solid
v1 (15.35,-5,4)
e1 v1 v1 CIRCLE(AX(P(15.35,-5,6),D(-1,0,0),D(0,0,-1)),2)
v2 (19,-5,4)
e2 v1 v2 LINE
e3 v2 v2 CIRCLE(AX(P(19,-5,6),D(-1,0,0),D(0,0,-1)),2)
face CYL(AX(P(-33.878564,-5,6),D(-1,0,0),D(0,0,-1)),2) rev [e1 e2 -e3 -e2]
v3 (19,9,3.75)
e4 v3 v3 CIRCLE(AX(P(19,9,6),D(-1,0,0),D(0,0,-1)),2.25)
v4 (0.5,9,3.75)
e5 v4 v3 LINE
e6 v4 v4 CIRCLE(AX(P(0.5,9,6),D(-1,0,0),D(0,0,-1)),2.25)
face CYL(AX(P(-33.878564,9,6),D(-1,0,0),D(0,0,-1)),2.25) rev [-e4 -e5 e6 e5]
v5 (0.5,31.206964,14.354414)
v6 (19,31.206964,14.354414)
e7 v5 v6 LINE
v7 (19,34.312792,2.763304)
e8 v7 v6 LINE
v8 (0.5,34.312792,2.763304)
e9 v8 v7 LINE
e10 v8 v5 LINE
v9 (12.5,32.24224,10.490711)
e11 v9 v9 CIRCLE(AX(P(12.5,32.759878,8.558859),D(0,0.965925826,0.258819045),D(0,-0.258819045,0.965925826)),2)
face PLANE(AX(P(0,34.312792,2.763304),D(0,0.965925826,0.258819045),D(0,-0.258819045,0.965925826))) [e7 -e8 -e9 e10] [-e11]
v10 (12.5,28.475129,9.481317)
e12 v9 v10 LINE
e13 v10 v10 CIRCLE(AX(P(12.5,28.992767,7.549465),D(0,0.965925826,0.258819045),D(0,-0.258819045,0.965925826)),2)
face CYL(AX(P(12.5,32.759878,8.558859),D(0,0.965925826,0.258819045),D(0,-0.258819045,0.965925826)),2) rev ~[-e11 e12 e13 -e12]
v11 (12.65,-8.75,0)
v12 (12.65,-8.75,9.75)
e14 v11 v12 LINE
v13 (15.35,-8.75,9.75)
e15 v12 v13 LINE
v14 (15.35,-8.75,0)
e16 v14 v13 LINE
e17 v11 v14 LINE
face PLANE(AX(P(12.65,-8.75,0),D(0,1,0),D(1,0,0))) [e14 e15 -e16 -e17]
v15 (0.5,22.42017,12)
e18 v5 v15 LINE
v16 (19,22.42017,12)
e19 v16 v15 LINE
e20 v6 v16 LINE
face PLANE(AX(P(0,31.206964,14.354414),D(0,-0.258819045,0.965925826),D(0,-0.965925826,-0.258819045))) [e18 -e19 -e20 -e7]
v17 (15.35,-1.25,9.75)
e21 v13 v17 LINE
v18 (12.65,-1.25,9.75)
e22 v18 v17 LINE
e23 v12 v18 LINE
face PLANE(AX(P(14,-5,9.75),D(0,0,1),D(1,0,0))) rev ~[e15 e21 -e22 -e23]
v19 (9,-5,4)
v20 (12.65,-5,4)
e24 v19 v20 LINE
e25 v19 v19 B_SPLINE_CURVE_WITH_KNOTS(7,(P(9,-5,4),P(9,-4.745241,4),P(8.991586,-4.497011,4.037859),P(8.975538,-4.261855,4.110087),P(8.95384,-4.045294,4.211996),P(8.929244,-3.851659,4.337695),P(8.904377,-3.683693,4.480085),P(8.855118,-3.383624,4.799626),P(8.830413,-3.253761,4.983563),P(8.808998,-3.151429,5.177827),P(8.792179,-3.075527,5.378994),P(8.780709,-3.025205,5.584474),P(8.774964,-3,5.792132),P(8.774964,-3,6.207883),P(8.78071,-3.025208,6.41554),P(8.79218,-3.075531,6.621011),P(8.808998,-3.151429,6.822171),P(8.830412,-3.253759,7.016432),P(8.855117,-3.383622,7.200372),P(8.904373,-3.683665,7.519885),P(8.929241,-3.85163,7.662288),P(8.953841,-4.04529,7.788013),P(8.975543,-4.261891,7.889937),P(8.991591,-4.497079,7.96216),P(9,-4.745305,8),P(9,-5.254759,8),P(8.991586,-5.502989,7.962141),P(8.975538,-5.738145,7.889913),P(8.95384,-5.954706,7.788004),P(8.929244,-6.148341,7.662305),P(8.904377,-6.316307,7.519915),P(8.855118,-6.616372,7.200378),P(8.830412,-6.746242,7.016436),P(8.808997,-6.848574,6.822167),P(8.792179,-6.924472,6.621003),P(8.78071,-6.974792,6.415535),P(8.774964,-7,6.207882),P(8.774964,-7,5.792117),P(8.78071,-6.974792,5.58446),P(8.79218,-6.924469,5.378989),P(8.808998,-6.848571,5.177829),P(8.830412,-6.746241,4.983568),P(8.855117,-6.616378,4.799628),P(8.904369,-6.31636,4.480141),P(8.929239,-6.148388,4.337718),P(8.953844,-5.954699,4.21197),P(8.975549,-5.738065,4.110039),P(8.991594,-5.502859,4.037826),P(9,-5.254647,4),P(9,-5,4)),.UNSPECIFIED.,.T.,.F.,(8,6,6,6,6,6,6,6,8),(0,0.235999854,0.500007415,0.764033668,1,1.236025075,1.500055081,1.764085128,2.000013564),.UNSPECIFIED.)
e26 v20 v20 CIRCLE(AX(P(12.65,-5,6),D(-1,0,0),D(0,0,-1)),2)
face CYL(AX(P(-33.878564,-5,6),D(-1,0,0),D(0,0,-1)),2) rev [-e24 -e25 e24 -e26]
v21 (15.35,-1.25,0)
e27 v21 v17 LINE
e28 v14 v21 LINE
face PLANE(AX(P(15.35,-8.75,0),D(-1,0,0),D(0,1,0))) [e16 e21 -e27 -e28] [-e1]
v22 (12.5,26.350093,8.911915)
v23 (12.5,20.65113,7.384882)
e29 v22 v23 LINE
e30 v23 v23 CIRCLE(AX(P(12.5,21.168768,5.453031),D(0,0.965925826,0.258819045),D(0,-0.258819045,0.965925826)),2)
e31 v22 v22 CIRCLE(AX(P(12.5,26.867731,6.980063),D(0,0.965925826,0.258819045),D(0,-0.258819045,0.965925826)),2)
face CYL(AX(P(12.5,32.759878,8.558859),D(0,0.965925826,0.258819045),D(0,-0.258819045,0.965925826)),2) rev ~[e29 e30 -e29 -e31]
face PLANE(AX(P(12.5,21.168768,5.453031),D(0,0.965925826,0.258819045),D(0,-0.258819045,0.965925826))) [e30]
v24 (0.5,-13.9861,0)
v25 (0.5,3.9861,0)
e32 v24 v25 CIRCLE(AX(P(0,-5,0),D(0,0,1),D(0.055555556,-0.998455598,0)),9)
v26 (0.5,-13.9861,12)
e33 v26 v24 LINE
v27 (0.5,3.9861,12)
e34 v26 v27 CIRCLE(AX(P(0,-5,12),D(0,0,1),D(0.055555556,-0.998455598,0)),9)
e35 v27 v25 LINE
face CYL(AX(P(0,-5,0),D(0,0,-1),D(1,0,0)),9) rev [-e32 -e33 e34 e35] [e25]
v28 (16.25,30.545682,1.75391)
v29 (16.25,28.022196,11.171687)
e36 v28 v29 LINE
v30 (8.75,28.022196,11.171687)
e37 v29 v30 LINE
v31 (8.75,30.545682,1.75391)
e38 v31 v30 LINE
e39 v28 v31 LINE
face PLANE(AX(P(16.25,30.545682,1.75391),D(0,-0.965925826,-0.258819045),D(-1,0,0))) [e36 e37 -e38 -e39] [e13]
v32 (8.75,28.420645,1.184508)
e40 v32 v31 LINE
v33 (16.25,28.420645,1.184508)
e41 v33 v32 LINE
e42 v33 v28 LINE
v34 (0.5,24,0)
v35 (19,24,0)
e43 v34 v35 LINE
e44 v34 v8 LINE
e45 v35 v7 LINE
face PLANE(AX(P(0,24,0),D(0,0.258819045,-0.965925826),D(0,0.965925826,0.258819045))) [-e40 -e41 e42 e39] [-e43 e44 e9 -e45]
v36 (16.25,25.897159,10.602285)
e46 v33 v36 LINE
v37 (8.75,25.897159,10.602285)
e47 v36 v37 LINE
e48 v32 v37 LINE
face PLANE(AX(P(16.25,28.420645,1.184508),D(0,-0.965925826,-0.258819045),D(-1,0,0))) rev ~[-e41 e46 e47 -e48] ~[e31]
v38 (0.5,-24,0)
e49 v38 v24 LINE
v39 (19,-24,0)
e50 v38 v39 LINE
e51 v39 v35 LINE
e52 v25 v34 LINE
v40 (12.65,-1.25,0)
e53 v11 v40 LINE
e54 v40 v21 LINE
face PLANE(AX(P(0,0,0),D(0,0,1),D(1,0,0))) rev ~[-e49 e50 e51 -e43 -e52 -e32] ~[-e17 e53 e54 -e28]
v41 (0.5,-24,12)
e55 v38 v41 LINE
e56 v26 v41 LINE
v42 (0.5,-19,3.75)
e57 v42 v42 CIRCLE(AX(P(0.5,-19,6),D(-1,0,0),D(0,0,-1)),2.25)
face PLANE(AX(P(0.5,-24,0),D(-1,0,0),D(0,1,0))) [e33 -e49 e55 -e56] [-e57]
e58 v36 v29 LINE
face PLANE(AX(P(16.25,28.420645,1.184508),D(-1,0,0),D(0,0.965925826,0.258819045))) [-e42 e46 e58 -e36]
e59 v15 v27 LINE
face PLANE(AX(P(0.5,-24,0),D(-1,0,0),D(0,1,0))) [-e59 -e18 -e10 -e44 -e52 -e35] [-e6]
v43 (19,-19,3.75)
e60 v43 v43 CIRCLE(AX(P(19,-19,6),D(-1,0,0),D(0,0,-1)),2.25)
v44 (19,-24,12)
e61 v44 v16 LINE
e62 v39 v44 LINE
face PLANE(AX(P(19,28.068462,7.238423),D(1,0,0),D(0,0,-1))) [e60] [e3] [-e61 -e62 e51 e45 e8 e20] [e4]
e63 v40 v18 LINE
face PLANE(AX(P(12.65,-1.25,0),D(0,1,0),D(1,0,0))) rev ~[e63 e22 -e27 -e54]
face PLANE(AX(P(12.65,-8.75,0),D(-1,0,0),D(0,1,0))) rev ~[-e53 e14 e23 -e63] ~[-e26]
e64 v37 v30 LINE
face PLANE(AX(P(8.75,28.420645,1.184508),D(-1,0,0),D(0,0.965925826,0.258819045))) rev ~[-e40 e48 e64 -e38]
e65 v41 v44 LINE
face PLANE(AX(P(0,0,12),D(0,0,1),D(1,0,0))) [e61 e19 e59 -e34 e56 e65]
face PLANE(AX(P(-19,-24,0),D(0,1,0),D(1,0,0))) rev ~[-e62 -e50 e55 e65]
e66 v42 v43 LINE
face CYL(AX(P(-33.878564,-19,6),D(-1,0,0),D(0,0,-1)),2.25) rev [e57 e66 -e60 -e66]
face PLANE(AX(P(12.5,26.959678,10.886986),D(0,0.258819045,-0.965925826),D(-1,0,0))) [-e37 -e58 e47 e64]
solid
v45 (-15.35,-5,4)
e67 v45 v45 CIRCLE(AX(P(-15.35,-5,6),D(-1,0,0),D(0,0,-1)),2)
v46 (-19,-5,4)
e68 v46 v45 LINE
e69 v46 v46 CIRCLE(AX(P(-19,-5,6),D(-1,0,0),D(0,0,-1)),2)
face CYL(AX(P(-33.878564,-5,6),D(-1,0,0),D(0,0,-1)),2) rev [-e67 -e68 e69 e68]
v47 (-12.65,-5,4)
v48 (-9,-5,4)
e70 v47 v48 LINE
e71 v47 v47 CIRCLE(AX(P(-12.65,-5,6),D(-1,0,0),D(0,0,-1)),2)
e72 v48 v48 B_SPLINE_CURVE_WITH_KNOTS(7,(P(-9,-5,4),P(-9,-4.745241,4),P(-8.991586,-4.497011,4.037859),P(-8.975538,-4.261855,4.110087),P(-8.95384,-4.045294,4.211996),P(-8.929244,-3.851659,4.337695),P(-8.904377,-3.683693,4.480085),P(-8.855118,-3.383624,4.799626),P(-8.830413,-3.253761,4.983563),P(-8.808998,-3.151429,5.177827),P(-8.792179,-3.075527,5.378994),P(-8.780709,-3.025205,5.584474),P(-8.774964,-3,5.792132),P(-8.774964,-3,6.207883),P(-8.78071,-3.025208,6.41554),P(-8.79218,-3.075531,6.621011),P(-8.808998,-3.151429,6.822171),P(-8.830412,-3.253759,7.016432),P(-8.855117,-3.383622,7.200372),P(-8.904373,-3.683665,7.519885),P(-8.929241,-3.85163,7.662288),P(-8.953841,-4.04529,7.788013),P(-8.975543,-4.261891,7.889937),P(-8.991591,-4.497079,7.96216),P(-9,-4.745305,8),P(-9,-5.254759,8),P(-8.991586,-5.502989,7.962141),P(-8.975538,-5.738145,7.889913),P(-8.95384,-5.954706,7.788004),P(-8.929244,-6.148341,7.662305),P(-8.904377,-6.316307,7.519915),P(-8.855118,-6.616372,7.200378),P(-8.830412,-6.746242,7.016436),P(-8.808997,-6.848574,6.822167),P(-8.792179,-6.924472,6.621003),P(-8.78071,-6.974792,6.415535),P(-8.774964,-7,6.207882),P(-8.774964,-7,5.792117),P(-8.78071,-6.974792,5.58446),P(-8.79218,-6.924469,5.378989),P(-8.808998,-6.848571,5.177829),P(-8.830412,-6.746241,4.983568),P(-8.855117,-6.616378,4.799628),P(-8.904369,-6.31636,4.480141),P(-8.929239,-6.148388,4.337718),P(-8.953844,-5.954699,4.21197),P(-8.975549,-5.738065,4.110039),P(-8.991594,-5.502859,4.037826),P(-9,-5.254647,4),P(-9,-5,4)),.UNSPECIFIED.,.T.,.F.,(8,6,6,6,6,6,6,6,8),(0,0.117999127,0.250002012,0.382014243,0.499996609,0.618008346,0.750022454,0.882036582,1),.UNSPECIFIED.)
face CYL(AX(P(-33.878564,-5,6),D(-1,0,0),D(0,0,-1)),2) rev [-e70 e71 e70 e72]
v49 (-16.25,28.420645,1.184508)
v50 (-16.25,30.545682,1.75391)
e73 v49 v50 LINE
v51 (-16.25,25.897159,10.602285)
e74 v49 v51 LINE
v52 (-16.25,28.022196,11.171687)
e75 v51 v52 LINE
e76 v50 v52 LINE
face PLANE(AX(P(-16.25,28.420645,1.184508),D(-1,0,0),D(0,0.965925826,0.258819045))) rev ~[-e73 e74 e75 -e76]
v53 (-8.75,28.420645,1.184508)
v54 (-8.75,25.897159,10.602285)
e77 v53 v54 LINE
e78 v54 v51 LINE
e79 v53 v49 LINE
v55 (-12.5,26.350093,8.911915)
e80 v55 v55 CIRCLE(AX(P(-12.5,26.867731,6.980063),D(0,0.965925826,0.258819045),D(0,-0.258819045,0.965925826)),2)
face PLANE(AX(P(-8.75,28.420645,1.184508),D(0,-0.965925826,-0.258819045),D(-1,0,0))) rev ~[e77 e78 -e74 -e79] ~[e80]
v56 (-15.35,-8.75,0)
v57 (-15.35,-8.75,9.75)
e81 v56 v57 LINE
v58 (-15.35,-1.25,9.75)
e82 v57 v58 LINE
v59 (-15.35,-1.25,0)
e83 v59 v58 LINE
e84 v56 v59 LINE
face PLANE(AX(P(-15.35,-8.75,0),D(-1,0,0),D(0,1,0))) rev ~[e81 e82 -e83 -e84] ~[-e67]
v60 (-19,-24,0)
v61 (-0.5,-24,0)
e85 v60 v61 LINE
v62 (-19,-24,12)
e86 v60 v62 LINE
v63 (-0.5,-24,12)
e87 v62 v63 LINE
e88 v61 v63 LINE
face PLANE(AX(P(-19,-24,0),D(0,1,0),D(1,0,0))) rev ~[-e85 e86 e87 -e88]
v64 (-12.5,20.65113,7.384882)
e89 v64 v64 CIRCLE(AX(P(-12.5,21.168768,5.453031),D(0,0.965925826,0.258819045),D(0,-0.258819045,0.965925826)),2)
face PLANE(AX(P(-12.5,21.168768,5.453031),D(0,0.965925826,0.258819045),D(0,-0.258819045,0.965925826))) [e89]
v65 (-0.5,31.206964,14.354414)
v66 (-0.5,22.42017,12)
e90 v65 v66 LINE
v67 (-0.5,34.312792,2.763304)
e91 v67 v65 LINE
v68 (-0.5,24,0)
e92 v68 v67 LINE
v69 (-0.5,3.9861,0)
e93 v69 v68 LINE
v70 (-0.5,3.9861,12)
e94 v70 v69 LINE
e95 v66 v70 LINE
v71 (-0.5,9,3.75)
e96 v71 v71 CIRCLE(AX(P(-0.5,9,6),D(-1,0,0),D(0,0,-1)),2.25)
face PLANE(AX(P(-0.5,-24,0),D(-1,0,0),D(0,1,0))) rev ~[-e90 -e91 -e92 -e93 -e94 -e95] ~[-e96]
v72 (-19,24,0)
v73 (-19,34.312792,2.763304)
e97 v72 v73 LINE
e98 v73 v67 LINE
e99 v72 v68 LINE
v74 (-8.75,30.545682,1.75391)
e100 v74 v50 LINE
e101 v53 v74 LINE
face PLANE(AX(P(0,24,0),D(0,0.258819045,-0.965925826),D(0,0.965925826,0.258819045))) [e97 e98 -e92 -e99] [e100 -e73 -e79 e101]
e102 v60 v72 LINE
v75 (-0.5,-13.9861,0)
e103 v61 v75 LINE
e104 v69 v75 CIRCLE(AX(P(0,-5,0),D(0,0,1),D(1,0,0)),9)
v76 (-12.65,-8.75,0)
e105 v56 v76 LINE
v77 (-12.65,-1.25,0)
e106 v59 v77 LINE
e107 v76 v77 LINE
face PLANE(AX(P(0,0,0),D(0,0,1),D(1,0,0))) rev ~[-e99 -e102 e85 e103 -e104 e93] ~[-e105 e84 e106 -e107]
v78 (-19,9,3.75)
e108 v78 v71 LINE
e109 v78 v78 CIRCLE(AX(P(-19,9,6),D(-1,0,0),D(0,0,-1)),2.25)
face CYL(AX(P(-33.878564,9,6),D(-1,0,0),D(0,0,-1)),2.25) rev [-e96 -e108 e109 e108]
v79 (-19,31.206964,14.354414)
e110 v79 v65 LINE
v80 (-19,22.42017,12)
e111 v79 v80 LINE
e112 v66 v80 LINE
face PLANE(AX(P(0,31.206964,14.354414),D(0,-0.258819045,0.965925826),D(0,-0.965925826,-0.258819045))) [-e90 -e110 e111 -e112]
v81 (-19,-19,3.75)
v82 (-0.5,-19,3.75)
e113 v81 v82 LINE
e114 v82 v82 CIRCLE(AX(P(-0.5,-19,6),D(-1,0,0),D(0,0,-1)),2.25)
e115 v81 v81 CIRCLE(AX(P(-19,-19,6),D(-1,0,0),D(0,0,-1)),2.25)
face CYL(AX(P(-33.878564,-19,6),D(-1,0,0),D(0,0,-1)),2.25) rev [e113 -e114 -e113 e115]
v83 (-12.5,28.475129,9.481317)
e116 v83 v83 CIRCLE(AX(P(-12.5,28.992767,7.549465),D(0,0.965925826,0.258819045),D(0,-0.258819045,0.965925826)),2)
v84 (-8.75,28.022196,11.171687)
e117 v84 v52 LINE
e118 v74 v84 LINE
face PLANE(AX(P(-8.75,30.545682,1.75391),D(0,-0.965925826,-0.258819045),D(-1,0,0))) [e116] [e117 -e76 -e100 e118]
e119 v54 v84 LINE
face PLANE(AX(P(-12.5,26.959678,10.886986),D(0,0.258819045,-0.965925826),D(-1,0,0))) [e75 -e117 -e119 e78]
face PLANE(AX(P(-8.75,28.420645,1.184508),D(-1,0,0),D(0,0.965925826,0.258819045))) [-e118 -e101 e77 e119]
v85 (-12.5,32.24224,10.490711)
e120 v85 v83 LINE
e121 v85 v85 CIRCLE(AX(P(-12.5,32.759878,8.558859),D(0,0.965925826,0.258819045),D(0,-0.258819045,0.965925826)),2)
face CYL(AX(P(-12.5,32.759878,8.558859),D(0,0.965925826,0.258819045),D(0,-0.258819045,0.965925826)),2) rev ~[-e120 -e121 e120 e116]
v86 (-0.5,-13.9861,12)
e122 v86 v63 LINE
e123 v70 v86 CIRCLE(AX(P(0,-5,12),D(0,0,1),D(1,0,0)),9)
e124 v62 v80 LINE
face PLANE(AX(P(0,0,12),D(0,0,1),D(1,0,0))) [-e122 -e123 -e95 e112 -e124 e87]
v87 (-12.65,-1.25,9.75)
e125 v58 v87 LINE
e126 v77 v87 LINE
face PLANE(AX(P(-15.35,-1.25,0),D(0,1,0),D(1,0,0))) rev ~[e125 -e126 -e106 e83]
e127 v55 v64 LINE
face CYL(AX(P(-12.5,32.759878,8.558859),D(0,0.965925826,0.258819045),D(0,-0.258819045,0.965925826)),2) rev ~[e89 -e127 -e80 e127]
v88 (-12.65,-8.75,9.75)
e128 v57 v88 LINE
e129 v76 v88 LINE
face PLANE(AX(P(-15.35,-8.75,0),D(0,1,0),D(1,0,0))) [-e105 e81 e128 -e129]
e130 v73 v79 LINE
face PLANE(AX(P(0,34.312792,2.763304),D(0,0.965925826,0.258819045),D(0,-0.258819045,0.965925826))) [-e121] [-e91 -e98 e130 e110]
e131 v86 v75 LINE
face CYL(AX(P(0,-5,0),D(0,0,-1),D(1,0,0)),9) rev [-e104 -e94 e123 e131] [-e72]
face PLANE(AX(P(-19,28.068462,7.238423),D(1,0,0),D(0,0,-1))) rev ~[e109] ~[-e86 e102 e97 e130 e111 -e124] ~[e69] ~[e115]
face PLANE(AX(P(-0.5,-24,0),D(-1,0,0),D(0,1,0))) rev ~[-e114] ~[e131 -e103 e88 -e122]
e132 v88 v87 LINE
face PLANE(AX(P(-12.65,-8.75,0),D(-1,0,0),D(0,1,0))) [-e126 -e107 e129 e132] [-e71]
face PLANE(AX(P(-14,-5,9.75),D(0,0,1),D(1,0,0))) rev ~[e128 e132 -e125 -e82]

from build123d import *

# Parameters (mm, degrees)
SKETCH1_W               = 38
SKETCH1_H               = 48
SKETCH1_R               = 9
BOSS_EXTRUDE1_DEPTH     = 12
CUT_EXTRUDE1_DEPTH      = 33.878564446
CUT_EXTRUDE1_DEPTH_BACK = 33.878564446
SKETCH2_R               = 2.25
SKETCH2_R_2             = 2
SKETCH5_W               = 2.7
SKETCH5_H               = 7.5
CUT_EXTRUDE4_DEPTH      = 9.75
BOSS_EXTRUDE2_DEPTH     = 19
SKETCH4_W               = 1
SKETCH4_H               = 58.312792412
CUT_EXTRUDE3_DEPTH      = 42.766217609
SKETCH7_R               = 2
CUT_EXTRUDE5_DEPTH      = 12
SKETCH8_W               = 7.5
SKETCH8_H               = 2.2
CUT_EXTRUDE6_DEPTH      = 9.75


with BuildPart() as part:
    # Sketch1 → Boss-Extrude1 (new body)
    with BuildSketch(Plane.XY):
        Rectangle(SKETCH1_W, SKETCH1_H)
        with Locations((0, -5)):
            Circle(SKETCH1_R, mode=Mode.SUBTRACT)
    extrude(amount=BOSS_EXTRUDE1_DEPTH)

    # Sketch2 → Cut-Extrude1 (cut, two sides: drawn at the far end of the back side and taken through both)
    with BuildSketch(Plane(origin=(0, 0, 0), x_dir=(0, 0, -1), z_dir=(1, 0, 0)).offset(-CUT_EXTRUDE1_DEPTH_BACK)):
        with Locations((-6, -19)):
            Circle(SKETCH2_R)
        with Locations((-6, -5)):
            Circle(SKETCH2_R_2)
        with Locations((-6, 9)):
            Circle(SKETCH2_R)
    extrude(amount=CUT_EXTRUDE1_DEPTH + CUT_EXTRUDE1_DEPTH_BACK, mode=Mode.SUBTRACT)

    # Sketch5 → Cut-Extrude4 (cut)
    with BuildSketch(Plane.XY):
        with Locations((14, -5)):
            Rectangle(SKETCH5_W, SKETCH5_H)
        with Locations((-14, -5)):
            Rectangle(SKETCH5_W, SKETCH5_H)
    extrude(amount=CUT_EXTRUDE4_DEPTH, mode=Mode.SUBTRACT)

    # Sketch6 → Boss-Extrude2 (add, symmetric)
    with BuildSketch(Plane(origin=(0, 0, 0), x_dir=(0, 0, -1), z_dir=(1, 0, 0))):
        Polygon((0, 24), (-2.763304398, 34.312792412), (-14.354414314, 31.20696387), (-12, 22.420170029), (-12, 24), align=None)
    extrude(amount=BOSS_EXTRUDE2_DEPTH, both=True)

    # Sketch4 → Cut-Extrude3 (cut, through all)
    with BuildSketch(Plane.XY):
        with Locations((0, 5.156396206)):
            Rectangle(SKETCH4_W, SKETCH4_H)
    extrude(amount=CUT_EXTRUDE3_DEPTH, mode=Mode.SUBTRACT)


with BuildPart() as cut_extrude3_piece_1:
    # of the separate pieces the step leaves, piece 1, a body of its own (cut_extrude3_pieces)
    add(part.part.solids().sort_by_distance((-19, -24, 0))[0])


with BuildPart() as cut_extrude3_piece_2:
    # of the separate pieces the step leaves, piece 2, a body of its own (cut_extrude3_pieces)
    add(part.part.solids().sort_by_distance((19, -24, 0))[0])


with BuildPart() as cut_extrude5_tool:
    # Sketch7 → Cut-Extrude5 (new body)
    with BuildSketch(Plane(origin=(0, 32.705097257, 8.763304398), x_dir=(1, 0, 0), z_dir=(0, 0.9659258262890681, 0.2588190451025213))):
        with Locations(Location((-12.5, 0.211657082, 0), (0, 0, 270))):
            Circle(SKETCH7_R)
        with Locations(Location((12.5, 0.211657082, 0), (0, 0, 270))):
            Circle(SKETCH7_R)
    extrude(amount=-CUT_EXTRUDE5_DEPTH)


with BuildPart() as cut_extrude3_piece_1_1:
    add(cut_extrude3_piece_1.part)

    # Cut-Extrude5: cut by cut_extrude5_tool
    add(cut_extrude5_tool.part, mode=Mode.SUBTRACT)


with BuildPart() as cut_extrude3_piece_2_1:
    add(cut_extrude3_piece_2.part)

    # Cut-Extrude5: cut by cut_extrude5_tool
    add(cut_extrude5_tool.part, mode=Mode.SUBTRACT)


with BuildPart() as cut_extrude6_tool:
    # Sketch8 → Cut-Extrude6 (new body)
    with BuildSketch(Plane(origin=(0, 1.607695155, -6), x_dir=(-1, 0, 0), z_dir=(0, 0.2588190451025215, -0.9659258262890681))):
        with Locations((-12.5, 28.858808168)):
            Rectangle(SKETCH8_W, SKETCH8_H)
        with Locations((12.5, 28.858808168)):
            Rectangle(SKETCH8_W, SKETCH8_H)
    extrude(amount=-CUT_EXTRUDE6_DEPTH)


with BuildPart() as cut_extrude3_piece_1_2:
    add(cut_extrude3_piece_1_1.part)

    # Cut-Extrude6: cut by cut_extrude6_tool
    add(cut_extrude6_tool.part, mode=Mode.SUBTRACT)


with BuildPart() as cut_extrude3_piece_2_2:
    add(cut_extrude3_piece_2_1.part)

    # Cut-Extrude6: cut by cut_extrude6_tool
    add(cut_extrude6_tool.part, mode=Mode.SUBTRACT)


solid = Compound([cut_extrude3_piece_1_2.part, cut_extrude3_piece_2_2.part])
